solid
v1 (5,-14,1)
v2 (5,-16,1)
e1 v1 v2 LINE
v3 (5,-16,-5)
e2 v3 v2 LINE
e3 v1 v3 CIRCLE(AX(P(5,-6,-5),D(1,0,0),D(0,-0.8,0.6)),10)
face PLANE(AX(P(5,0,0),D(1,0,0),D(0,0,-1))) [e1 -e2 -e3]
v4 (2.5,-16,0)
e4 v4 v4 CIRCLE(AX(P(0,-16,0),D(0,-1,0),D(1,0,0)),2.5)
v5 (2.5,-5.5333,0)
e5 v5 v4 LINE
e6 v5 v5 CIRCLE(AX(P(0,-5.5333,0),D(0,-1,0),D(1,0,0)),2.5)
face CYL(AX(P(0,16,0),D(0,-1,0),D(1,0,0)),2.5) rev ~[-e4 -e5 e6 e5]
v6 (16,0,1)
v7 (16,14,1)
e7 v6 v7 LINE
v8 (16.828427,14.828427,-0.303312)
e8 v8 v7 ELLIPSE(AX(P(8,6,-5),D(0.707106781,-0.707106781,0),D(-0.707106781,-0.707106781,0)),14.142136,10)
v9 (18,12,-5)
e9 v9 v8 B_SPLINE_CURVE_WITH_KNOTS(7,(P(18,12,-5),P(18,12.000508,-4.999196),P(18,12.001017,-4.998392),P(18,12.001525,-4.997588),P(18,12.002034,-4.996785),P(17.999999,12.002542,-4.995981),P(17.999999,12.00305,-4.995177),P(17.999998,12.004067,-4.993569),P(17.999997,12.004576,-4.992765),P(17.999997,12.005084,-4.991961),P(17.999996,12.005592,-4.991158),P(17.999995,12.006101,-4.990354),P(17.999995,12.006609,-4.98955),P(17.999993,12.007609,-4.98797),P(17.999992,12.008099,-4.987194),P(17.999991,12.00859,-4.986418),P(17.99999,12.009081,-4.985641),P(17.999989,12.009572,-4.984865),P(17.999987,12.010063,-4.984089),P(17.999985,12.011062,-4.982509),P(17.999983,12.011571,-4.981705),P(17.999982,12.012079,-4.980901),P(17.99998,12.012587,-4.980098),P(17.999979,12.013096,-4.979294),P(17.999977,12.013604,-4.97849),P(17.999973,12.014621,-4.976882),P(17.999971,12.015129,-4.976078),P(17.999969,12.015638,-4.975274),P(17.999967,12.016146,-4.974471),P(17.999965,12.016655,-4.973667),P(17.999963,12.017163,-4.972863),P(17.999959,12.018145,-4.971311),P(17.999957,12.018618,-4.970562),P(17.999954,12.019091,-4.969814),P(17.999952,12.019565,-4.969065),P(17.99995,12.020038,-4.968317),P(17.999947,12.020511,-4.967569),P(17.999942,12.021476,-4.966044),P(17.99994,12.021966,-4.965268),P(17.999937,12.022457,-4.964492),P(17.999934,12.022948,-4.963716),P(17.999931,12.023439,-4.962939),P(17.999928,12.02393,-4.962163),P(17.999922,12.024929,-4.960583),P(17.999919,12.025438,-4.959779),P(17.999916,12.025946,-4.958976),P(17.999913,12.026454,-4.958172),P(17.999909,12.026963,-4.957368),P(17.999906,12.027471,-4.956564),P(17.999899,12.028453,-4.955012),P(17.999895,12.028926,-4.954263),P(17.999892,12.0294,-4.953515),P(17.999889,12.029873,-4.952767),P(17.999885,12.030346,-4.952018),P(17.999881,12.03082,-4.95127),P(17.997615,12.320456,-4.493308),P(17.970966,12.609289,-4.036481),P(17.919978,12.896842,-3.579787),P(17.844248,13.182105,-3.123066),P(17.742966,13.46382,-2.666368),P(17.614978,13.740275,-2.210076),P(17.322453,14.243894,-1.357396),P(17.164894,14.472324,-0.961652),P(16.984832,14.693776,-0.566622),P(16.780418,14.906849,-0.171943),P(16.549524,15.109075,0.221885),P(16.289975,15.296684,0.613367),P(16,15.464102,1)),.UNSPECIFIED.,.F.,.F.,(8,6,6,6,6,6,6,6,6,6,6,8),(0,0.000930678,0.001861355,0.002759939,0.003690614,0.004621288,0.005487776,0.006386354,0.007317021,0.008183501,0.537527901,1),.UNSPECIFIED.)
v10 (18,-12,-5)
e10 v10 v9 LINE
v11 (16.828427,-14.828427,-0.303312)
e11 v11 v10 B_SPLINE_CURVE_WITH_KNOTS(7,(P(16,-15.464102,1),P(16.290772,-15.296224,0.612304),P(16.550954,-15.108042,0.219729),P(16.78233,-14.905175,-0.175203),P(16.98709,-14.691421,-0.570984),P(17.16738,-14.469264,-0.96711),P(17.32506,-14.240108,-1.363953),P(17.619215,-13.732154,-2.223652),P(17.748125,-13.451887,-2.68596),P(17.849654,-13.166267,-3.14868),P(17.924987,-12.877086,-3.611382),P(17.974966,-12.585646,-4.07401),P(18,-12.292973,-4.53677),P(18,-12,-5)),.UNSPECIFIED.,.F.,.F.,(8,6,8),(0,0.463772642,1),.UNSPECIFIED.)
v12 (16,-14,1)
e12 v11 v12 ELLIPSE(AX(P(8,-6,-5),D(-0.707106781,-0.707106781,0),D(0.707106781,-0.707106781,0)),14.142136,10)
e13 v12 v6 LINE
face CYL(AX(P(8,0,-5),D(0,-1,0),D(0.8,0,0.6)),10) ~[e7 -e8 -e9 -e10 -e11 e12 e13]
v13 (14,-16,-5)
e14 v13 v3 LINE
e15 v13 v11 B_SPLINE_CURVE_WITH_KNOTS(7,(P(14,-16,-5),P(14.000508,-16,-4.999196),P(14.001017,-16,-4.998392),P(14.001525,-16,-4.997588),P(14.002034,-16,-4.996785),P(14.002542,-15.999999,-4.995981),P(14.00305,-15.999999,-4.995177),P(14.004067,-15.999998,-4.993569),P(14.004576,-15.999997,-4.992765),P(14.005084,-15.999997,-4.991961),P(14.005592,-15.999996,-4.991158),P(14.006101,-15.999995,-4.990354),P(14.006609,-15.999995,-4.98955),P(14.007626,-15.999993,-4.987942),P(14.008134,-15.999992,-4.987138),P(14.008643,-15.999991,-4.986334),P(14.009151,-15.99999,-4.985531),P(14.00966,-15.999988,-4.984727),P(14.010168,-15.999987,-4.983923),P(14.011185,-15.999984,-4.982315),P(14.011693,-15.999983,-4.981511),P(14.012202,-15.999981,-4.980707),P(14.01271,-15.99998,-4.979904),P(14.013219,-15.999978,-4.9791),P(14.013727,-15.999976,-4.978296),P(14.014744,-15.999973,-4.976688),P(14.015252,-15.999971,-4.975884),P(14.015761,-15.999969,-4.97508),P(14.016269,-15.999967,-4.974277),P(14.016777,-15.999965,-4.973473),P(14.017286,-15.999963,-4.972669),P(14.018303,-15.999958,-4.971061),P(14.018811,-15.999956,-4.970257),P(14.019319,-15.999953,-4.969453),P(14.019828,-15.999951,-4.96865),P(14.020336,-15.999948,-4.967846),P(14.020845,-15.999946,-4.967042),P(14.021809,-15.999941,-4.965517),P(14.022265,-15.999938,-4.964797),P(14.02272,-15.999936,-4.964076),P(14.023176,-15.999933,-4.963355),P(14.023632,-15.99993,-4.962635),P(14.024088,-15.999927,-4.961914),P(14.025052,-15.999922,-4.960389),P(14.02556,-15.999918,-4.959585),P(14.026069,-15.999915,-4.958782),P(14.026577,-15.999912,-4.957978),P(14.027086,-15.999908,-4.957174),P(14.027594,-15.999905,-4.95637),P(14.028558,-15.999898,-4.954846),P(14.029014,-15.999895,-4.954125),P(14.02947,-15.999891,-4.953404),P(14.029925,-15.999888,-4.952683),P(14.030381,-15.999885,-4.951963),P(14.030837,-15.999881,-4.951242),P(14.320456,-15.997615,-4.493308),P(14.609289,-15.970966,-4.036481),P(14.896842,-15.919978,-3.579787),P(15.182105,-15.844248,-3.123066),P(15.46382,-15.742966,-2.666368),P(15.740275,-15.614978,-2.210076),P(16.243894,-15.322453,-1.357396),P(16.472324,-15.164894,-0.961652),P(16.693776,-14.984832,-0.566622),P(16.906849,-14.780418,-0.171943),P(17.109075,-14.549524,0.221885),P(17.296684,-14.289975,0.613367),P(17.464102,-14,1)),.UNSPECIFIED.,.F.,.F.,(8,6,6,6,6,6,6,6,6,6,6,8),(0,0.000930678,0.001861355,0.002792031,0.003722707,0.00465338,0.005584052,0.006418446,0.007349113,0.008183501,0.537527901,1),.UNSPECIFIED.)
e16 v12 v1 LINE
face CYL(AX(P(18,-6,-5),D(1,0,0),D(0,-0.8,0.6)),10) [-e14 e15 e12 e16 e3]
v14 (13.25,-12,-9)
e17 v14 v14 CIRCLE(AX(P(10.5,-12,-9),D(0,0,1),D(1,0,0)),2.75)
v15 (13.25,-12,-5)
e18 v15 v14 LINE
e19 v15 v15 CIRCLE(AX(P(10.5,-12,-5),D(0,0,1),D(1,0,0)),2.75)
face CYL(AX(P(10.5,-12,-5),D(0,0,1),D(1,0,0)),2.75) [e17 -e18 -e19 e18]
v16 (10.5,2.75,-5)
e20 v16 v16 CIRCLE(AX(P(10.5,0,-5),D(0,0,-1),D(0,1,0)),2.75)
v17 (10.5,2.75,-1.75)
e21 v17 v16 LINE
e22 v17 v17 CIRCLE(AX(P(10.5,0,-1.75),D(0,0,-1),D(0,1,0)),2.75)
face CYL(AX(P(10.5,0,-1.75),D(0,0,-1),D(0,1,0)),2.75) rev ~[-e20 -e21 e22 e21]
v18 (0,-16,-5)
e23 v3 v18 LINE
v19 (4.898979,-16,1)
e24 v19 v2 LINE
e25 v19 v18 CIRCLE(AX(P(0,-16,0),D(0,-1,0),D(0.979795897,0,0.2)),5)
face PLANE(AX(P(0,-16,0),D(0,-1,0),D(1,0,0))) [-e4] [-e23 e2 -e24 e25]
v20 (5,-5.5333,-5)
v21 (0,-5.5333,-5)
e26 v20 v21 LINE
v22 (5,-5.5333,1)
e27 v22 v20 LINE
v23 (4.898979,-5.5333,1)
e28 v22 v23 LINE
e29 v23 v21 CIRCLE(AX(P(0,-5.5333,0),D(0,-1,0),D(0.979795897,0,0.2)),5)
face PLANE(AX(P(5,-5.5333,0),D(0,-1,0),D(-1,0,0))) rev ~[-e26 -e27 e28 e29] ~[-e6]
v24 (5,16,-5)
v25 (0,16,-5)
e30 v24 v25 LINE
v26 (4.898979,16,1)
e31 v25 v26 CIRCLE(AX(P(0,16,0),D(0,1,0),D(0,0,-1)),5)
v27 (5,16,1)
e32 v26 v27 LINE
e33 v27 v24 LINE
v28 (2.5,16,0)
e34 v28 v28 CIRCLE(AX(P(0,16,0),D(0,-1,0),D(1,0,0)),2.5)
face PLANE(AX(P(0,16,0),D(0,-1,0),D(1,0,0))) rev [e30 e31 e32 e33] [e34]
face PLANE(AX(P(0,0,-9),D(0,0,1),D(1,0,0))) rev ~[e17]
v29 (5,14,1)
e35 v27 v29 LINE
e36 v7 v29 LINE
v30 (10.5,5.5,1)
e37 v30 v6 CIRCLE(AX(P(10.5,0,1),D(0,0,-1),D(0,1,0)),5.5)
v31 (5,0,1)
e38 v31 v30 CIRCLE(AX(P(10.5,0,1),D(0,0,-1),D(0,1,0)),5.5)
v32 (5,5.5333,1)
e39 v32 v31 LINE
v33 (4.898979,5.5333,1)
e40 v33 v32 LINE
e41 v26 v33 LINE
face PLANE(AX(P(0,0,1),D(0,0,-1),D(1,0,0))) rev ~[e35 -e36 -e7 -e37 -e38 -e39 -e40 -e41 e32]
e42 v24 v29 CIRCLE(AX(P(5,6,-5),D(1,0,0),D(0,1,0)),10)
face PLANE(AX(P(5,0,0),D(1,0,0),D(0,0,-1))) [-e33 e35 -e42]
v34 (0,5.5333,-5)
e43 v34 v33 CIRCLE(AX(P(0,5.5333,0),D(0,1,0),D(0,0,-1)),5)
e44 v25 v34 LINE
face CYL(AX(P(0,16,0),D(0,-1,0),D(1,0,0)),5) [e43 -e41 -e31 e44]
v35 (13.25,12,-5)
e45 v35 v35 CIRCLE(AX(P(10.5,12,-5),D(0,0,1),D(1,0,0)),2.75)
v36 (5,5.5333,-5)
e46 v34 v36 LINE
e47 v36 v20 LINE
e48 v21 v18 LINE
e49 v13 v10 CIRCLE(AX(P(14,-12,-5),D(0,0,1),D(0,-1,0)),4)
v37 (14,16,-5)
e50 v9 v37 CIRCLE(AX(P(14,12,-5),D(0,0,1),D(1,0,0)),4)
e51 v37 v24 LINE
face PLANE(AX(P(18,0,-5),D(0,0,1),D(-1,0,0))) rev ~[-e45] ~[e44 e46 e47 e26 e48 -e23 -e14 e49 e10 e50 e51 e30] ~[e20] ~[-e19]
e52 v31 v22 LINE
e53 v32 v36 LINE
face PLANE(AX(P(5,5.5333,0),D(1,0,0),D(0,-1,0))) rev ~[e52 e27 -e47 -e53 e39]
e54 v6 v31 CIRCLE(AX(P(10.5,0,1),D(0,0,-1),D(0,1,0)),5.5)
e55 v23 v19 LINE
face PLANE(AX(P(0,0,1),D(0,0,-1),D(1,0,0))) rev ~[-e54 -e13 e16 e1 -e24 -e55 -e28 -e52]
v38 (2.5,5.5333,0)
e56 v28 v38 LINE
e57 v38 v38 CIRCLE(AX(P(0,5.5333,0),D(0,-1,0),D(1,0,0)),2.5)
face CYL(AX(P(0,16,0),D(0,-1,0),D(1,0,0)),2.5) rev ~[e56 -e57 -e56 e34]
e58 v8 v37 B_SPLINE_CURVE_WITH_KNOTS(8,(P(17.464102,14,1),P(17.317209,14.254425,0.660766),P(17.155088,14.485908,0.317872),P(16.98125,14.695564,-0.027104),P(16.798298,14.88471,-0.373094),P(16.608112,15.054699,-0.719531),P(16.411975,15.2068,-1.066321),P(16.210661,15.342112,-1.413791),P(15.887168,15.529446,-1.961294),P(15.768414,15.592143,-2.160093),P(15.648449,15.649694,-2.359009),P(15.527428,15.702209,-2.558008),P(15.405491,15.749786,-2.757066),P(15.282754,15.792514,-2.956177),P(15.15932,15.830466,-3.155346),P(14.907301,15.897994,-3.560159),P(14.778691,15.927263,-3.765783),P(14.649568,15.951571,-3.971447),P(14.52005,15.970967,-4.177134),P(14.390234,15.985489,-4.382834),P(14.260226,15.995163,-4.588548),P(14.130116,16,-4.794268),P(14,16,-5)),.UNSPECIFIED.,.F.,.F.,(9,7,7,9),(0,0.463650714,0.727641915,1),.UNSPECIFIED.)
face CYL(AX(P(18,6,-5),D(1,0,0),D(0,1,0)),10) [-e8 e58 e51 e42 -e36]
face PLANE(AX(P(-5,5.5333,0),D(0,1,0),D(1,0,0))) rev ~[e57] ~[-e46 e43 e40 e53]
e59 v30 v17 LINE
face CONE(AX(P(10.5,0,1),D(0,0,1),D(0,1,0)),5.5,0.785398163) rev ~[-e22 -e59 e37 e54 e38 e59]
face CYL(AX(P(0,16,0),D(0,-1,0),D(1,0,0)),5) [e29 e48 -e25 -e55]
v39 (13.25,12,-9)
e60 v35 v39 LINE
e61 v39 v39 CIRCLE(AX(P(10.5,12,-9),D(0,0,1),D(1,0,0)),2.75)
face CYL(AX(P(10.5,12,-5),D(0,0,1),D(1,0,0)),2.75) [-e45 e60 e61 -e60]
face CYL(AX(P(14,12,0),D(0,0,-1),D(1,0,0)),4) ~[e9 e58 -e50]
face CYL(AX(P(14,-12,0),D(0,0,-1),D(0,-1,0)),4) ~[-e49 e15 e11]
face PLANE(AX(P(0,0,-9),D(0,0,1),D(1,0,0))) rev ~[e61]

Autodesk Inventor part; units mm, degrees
sketch "Sketch_1" plane through (0, 0, 0) normal (0, 0, 1) x (1, 0, 0)
  line L0 (0, -16) -> (0, 16)
  line L1 (0, 16) -> (5, 16)
  line L2 (5, 16) -> (5, -16)
  line L3 (5, -16) -> (0, -16)
  line L4 (0, -16) -> (0, 16)
revolve "Revolution1" add sketch "Sketch_1" angle 360 about axis through (0, -16, 0) along (0, -1, 0)
sketch "Sketch_2" plane through (0, 0, 0) normal (0, 1, 0) x (-1, 0, 0)
  line L0 (0, 1) -> (-16, 1)
  arc A0 (-16, 1) -> (-18, -5) centre (-8, -5) ccw
  line L1 (-18, -5) -> (0, -5)
  line L2 (0, -5) -> (0, 1)
extrude "Extrusion1" add sketch "Sketch_2" along normal mid plane 32
sketch "Sketch_4" plane through (18, 0, 0) normal (1, 0, 0) x (0, 0, -1)
  line L0 (-5, -32) -> (10, -32)
  line L1 (10, -32) -> (10, 32)
  line L2 (10, 32) -> (-5, 32)
  line L3 (-5, 32) -> (-5, -32)
  line L4 (-1, 14) -> (-1, -14)
  arc A0 (-1, -14) -> (5, -16) centre (5, -6) ccw
  line L5 (5, -16) -> (5, 16)
  arc A1 (5, 16) -> (-1, 14) centre (5, 6) ccw
extrude "Extrusion2" cut sketch "Sketch_4" against normal blind 13
sketch "Sketch_6" plane through (0, 0, -5) normal (0, 0, 1) x (1, 0, 0)
  circle A0 centre (10.5, 12) radius 2.75
extrude "Extrusion3" add sketch "Sketch_6" against normal blind 4
sketch "Sketch_5" plane through (0, 0, -5) normal (0, 0, 1) x (1, 0, 0)
  circle A0 centre (10.5, -12) radius 2.75
extrude "Extrusion4" add sketch "Sketch_5" against normal blind 4
sketch "Sketch_7" plane through (10.5, 0, 0) normal (1, 0, 0) x (0, 0, -1)
  line L0 (5, 0) -> (-1, 0)
  line L1 (-1, 0) -> (-1, 5.5)
  line L2 (-1, 5.5) -> (1.75, 2.75)
  line L3 (1.75, 2.75) -> (5, 2.75)
  line L4 (5, 2.75) -> (5, 0)
  line L5 (5, 0) -> (-1, 0)
revolve "Revolution2" cut sketch "Sketch_7" angle 360 about axis through (10.5, 0, -5) along (0, 0, -1)
sketch "Sketch_8" plane through (0, 0, 0) normal (0, 0, 1) x (1, 0, 0)
  line L0 (0, -16) -> (0, 16)
  line L1 (0, 16) -> (2.5, 16)
  line L2 (2.5, 16) -> (2.5, -16)
  line L3 (2.5, -16) -> (0, -16)
  line L4 (0, -16) -> (0, 16)
revolve "Revolution3" cut sketch "Sketch_8" angle 360 about axis through (0, -16, 0) along (0, -1, 0)
sketch "Sketch_3" plane through (0, 0, 0) normal (0, 0, 1) x (1, 0, 0)
  line L0 (-36, -36) -> (36, -36)
  line L1 (36, -36) -> (36, 36)
  line L2 (36, 36) -> (-36, 36)
  line L3 (-36, 36) -> (-36, -36)
  line L4 (-5, -16) -> (14, -16)
  arc A0 (14, -16) -> (18, -12) centre (14, -12) ccw
  line L5 (18, -12) -> (18, 12)
  arc A1 (18, 12) -> (14, 16) centre (14, 12) ccw
  line L6 (14, 16) -> (-5, 16)
  line L7 (-5, 16) -> (-5, 5.5333)
  line L8 (-5, 5.5333) -> (5, 5.5333)
  line L9 (5, 5.5333) -> (5, -5.5333)
  line L10 (5, -5.5333) -> (-5, -5.5333)
  line L11 (-5, -5.5333) -> (-5, -16)
extrude "Extrusion5" cut sketch "Sketch_3" along normal mid plane 10
ref_plane "hhpsjc_r_XY" through (0, 0, 0) normal (0, 1, 0) x (1, 0, 0)
ref_plane "hhpsjc_r_YZ" through (0, 0, 0) normal (1, 0, 0) x (0, 0, -1)
ref_plane "hhpsjc_r_ZX" through (0, 0, 0) normal (0, 0, -1) x (0, 1, 0)
ref_plane "hole2_to_bolt_XY" through (10.5, 0, 1) normal (0, 0, 1) x (1, 0, 0)
ref_plane "hole2_to_bolt_YZ" through (10.5, 0, 1) normal (1, 0, 0) x (0, 1, 0)
ref_plane "hole2_to_bolt_ZX" through (10.5, 0, 1) normal (0, 1, 0) x (0, 0, 1)
ref_plane "nut2_to_bolt_XY" through (10.5, 0, -7) normal (0, 0, 1) x (1, 0, 0)
ref_plane "nut2_to_bolt_YZ" through (10.5, 0, -7) normal (1, 0, 0) x (0, 1, 0)
ref_plane "nut2_to_bolt_ZX" through (10.5, 0, -7) normal (0, 1, 0) x (0, 0, 1)
properties part number "HHPSJC5-r"
